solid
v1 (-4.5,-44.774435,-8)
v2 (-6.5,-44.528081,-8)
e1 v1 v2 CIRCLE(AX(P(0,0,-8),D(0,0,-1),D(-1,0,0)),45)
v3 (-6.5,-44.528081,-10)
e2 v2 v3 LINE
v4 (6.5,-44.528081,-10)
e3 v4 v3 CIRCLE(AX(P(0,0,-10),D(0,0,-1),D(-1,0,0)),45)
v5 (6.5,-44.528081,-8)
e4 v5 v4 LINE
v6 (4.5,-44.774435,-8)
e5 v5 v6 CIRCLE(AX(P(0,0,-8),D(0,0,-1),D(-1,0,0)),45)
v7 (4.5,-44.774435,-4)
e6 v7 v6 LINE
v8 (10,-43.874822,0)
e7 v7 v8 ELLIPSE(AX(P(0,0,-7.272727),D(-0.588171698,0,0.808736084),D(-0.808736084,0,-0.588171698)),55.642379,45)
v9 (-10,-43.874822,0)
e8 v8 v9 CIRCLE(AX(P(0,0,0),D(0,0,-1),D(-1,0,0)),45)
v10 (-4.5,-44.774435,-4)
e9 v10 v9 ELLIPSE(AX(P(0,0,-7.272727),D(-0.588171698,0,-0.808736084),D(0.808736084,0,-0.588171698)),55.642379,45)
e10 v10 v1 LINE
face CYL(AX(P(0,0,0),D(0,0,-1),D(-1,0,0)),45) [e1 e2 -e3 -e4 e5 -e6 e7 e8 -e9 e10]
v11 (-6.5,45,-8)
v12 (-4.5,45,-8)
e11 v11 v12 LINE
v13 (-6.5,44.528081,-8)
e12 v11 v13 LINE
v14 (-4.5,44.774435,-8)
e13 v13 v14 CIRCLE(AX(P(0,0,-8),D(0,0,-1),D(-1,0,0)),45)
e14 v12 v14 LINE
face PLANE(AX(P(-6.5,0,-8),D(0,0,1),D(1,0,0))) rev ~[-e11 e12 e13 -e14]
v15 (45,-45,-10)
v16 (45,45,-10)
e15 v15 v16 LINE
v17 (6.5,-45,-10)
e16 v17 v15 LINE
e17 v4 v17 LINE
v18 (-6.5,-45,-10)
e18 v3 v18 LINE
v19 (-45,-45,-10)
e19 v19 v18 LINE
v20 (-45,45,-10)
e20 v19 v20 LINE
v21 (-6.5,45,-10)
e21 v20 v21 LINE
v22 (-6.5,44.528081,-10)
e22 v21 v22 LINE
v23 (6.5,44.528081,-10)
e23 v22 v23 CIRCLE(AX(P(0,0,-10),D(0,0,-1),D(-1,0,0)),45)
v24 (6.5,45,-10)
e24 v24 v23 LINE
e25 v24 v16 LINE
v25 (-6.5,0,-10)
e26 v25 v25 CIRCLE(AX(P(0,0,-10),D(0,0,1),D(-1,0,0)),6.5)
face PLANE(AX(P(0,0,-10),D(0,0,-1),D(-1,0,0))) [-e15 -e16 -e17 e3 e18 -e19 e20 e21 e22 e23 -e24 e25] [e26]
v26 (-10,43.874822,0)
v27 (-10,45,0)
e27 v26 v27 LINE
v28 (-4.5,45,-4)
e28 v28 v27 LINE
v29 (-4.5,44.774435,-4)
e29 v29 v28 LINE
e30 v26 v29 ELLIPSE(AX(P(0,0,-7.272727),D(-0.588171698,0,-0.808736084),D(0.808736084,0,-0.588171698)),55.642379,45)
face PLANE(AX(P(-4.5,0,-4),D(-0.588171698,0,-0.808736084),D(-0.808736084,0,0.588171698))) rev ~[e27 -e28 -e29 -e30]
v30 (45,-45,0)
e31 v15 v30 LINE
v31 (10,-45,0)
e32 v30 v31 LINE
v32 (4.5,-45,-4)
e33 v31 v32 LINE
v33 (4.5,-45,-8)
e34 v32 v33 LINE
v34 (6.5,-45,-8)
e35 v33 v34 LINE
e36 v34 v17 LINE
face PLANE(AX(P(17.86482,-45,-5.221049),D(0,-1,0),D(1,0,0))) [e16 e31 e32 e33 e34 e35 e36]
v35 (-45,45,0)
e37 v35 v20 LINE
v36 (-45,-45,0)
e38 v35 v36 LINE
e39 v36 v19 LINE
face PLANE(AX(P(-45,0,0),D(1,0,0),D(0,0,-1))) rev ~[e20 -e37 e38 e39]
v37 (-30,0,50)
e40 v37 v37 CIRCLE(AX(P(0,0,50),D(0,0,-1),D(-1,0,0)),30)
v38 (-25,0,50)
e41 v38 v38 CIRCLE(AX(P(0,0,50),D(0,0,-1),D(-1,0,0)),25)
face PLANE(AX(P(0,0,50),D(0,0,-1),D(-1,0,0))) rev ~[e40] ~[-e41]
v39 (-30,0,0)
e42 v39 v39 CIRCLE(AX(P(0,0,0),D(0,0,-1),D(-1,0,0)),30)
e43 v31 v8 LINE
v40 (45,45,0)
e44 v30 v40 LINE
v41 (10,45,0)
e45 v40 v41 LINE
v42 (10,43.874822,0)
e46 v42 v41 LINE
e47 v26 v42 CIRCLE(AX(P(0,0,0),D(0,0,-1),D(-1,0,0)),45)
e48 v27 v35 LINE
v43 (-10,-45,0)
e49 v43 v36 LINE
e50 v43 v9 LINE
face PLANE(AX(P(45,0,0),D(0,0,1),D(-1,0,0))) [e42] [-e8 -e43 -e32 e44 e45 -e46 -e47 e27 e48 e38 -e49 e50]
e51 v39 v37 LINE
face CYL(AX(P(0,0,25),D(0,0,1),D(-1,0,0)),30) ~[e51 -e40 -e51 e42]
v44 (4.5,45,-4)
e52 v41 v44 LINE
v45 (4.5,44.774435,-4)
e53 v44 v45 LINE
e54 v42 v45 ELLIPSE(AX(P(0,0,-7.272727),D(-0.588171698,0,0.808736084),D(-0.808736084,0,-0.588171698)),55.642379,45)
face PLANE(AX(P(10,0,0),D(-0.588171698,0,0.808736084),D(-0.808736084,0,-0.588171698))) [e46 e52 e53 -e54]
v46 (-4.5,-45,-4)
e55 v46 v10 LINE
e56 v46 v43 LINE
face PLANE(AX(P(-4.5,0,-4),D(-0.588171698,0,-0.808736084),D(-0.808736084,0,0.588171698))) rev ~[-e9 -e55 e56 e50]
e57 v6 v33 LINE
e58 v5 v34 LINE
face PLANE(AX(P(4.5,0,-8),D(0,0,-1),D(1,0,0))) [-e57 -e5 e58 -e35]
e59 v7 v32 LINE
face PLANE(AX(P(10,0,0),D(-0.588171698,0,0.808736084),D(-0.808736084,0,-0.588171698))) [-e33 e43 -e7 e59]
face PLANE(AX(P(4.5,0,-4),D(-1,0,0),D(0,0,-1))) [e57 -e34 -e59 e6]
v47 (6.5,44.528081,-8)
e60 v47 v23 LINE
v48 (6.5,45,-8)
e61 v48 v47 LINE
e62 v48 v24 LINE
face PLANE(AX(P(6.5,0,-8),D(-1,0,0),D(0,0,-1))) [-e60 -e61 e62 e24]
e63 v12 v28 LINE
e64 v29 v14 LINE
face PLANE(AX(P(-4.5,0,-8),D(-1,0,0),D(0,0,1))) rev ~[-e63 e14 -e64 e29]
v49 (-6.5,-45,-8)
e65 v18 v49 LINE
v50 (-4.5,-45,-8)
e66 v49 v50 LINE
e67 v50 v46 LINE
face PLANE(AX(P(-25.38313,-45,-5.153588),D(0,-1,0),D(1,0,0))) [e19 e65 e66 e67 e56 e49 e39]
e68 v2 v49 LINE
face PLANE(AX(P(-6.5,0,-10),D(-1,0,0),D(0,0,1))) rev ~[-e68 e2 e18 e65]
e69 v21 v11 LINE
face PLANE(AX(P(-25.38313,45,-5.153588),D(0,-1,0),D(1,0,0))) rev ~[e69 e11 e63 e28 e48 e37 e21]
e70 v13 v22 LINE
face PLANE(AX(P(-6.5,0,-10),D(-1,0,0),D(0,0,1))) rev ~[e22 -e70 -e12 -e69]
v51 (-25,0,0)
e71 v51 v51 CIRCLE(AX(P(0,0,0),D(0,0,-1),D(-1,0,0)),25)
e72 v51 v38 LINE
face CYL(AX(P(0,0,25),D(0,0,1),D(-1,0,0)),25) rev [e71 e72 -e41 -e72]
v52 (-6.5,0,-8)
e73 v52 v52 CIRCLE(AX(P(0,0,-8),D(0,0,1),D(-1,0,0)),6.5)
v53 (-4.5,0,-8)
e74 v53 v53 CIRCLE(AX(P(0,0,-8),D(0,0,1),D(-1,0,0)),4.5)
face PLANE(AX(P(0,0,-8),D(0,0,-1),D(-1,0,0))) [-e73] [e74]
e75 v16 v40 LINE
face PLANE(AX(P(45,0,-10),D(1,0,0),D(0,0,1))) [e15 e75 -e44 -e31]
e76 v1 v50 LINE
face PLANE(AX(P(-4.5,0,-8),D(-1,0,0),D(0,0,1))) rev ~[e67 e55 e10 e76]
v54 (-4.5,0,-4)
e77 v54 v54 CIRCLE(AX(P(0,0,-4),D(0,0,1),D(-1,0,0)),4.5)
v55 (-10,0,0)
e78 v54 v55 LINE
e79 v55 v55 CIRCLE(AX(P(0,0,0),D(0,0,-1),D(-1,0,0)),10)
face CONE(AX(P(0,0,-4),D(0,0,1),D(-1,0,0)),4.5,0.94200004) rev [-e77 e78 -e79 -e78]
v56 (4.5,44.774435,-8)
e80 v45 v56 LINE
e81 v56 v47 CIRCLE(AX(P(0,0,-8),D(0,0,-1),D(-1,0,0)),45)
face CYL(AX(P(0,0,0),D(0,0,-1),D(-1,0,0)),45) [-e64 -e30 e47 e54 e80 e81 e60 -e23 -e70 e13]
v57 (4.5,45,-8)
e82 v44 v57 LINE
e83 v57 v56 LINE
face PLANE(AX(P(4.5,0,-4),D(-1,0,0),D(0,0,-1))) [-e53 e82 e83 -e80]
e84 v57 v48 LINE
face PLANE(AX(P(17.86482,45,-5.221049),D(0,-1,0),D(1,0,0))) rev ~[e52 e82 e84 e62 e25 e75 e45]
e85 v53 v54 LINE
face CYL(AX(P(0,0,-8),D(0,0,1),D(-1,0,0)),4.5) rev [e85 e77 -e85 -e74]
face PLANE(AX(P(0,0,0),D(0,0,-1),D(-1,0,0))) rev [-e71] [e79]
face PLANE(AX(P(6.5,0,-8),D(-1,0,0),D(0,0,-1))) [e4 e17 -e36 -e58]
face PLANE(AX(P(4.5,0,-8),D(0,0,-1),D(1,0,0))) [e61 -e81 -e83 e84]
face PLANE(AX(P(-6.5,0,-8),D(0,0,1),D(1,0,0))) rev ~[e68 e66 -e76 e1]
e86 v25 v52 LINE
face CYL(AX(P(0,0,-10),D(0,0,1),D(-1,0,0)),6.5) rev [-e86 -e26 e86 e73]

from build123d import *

# Parameters (mm, degrees)
F0_W     = 5
F0_H     = 50
F0_W_2   = 15
F0_H_2   = 10
F2_DEPTH = 45


with BuildPart() as f1:
    # F0 (on Front) → F1 (revolve)
    with BuildSketch(Plane.XZ):
        with Locations((-27.5, 25)):
            Rectangle(F0_W, F0_H)
        Polygon((-25, 0), (-30, 0), (-45, 0), (-45, -10), (-30, -10), (-6.5, -10), (-6.5, -8), (-4.5, -8), (-4.5, -4), (-10, 0), align=None)
    revolve(axis=Axis((0, 0, -5), (0, 0, -1)))

    # F0 (on Front) → F2 (join, symmetric)
    with BuildSketch(Plane.XZ):
        Polygon((-25, 0), (-30, 0), (-45, 0), (-45, -10), (-30, -10), (-6.5, -10), (-6.5, -8), (-4.5, -8), (-4.5, -4), (-10, 0), align=None)
        Polygon((25, 0), (10, 0), (4.5, -4), (4.5, -8), (6.5, -8), (6.5, -10), (30, -10), (30, 0), align=None)
        with Locations((37.5, -5)):
            Rectangle(F0_W_2, F0_H_2)
    extrude(amount=F2_DEPTH, both=True)


solid = f1.part
